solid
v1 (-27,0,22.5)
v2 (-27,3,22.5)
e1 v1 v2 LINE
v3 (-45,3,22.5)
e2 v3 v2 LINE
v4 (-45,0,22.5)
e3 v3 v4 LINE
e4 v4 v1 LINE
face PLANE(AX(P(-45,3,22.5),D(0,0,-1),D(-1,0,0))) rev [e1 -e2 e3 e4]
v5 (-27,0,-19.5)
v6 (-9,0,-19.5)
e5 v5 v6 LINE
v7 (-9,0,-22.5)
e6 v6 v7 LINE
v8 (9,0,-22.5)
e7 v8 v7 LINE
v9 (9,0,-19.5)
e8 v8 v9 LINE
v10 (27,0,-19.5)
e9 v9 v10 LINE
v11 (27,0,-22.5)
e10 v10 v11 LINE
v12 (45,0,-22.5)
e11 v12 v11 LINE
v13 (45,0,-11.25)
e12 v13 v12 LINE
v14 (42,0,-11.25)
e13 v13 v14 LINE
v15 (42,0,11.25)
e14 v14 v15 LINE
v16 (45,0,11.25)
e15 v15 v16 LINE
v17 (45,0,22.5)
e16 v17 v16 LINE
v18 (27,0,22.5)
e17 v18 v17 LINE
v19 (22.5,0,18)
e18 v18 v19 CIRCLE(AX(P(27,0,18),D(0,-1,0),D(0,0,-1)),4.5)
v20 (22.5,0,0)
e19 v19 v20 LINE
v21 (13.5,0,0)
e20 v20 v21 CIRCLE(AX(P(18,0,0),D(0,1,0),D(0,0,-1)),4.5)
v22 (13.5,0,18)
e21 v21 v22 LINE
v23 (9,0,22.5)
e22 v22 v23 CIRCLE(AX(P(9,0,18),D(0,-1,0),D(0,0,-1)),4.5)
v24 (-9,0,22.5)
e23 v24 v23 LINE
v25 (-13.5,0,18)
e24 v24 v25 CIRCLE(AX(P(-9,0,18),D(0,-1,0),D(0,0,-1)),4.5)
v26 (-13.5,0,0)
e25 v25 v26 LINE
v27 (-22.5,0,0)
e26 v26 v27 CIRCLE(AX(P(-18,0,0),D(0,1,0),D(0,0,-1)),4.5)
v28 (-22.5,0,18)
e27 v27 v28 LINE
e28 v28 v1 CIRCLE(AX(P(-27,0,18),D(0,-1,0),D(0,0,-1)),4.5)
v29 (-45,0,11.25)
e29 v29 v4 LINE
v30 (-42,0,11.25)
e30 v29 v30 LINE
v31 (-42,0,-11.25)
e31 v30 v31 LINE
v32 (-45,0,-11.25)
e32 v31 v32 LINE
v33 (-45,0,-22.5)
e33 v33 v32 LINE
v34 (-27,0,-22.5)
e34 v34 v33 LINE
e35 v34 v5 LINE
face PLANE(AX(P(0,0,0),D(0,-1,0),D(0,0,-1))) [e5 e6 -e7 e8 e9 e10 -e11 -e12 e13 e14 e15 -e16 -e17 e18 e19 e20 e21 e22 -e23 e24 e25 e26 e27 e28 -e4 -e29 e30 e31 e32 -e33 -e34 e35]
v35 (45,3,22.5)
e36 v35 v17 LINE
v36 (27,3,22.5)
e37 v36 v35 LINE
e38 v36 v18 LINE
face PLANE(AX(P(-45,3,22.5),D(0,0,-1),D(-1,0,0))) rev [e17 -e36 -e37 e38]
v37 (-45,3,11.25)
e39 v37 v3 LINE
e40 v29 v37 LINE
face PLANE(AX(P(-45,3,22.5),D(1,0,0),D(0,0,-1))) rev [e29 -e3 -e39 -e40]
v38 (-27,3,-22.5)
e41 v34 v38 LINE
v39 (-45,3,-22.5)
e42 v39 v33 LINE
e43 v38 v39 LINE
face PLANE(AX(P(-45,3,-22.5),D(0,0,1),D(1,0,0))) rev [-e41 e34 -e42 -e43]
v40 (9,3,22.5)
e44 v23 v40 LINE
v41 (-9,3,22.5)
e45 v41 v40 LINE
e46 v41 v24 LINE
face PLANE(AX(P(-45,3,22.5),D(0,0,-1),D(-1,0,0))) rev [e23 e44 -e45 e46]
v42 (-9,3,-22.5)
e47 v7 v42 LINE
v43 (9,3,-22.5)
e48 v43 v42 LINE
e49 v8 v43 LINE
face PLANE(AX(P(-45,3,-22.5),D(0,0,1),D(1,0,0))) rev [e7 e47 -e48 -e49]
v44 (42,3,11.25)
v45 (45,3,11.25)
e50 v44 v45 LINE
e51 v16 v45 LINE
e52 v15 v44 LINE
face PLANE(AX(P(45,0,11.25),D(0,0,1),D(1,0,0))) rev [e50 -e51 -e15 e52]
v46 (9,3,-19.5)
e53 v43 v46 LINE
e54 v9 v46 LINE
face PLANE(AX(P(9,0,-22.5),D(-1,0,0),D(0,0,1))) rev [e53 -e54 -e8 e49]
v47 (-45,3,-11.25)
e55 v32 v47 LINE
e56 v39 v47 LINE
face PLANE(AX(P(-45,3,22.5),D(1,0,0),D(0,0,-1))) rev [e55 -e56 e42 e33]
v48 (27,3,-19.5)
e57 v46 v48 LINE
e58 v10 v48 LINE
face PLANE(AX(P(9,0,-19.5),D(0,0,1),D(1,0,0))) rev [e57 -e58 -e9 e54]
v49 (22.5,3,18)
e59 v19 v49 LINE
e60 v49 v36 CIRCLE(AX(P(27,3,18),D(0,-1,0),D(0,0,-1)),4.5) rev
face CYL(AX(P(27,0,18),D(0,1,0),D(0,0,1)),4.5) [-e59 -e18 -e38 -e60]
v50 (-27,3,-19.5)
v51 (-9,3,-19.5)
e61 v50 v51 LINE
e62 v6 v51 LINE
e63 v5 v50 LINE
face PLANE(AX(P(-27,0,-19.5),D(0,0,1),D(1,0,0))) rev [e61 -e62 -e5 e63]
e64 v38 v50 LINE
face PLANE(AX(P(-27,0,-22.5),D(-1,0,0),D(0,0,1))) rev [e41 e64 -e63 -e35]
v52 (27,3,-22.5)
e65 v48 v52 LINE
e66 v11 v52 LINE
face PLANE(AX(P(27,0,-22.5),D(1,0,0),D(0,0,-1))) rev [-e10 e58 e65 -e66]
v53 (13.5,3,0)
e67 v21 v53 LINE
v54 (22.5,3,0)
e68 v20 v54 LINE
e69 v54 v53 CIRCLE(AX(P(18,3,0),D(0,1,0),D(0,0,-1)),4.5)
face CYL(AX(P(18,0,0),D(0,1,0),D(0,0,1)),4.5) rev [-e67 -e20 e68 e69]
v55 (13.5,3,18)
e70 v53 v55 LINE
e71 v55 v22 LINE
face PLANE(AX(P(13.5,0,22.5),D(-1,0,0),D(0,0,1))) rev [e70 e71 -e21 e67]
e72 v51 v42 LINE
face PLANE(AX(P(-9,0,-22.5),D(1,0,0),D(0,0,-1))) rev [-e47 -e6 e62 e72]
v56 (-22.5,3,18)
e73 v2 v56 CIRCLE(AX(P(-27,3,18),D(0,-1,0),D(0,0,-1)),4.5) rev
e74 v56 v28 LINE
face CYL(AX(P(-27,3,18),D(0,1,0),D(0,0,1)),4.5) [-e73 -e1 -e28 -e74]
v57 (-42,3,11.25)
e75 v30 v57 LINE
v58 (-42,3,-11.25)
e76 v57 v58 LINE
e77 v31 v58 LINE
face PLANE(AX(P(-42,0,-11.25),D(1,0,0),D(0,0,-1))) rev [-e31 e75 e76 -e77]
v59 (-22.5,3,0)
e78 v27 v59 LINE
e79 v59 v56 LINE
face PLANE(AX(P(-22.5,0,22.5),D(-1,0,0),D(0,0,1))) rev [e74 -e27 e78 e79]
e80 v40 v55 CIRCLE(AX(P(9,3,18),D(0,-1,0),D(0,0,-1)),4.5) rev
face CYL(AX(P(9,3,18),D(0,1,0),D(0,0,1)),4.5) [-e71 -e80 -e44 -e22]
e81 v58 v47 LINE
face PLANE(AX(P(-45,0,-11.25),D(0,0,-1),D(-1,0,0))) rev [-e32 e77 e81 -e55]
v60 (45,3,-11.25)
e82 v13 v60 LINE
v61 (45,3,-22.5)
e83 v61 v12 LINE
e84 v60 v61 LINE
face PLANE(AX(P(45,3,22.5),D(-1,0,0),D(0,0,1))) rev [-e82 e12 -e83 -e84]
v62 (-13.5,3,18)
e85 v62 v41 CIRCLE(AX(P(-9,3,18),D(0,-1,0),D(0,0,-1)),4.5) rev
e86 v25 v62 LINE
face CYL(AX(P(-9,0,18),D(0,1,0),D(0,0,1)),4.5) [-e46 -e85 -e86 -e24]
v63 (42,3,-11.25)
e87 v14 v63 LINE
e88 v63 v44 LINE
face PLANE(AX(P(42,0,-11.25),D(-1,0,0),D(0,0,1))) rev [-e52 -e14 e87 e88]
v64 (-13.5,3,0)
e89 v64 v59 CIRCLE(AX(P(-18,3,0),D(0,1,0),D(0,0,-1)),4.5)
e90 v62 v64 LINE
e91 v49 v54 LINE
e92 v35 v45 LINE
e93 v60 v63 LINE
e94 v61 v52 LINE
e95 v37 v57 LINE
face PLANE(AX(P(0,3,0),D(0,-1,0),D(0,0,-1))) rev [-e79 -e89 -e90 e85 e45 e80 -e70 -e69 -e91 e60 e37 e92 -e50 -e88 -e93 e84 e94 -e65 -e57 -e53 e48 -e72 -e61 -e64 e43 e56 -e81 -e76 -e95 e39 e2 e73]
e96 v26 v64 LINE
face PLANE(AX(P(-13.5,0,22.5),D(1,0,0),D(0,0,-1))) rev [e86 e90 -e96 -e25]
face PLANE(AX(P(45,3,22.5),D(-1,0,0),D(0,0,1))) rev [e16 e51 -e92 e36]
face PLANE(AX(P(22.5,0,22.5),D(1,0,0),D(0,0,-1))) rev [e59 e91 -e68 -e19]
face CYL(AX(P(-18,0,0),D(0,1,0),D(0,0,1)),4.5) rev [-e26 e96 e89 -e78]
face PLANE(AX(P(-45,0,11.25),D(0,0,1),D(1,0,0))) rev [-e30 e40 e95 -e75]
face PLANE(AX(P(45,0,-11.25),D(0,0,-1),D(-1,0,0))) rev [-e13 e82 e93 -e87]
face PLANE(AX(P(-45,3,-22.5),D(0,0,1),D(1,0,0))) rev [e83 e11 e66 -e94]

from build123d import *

# Parameters (mm, degrees)
SKETCH1_W           = 90
SKETCH1_H           = 45
BOSS_EXTRUDE1_DEPTH = 3
CUT_EXTRUDE1_DEPTH  = 3
FILLET1_R           = 4.5
SKETCH4_W           = 3
SKETCH4_H           = 22.5
SKETCH4_W_2         = 18
SKETCH4_H_2         = 3
CUT_EXTRUDE4_DEPTH  = 3


with BuildPart() as part:
    # Sketch1 → Boss-Extrude1 (new body)
    with BuildSketch(Plane(origin=(0, 0, 0), x_dir=(1, 0, 0), z_dir=(0, 1, 0))):
        Rectangle(SKETCH1_W, SKETCH1_H)
    extrude(amount=BOSS_EXTRUDE1_DEPTH)

    # Sketch2 → Cut-Extrude1 (cut)
    with BuildSketch(Plane(origin=(0, 3, 0), x_dir=(1, 0, 0), z_dir=(0, 1, 0))):
        with BuildLine():
            Line((-22.5, -22.5), (-13.5, -22.5))
            Line((-13.5, -22.5), (-13.5, 0))
            ThreePointArc((-13.5, 0), (-18, 4.5), (-22.5, 0))
            Line((-22.5, 0), (-22.5, -22.5))
        make_face()
        with BuildLine():
            Line((13.5, -22.5), (22.5, -22.5))
            Line((22.5, -22.5), (22.5, 0))
            ThreePointArc((22.5, 0), (18, 4.5), (13.5, 0))
            Line((13.5, 0), (13.5, -22.5))
        make_face()
    extrude(amount=-CUT_EXTRUDE1_DEPTH, mode=Mode.SUBTRACT)

    # Fillet1
    fillet1_edges = [part.edges().sort_by_distance(p)[0] for p in [
        (-22.5, 1.5, 22.5),
        (-13.5, 1.5, 22.5),
        (13.5, 1.5, 22.5),
        (22.5, 1.5, 22.5),
    ]]
    fillet(fillet1_edges, radius=FILLET1_R)

    # Sketch4 → Cut-Extrude4 (cut)
    with BuildSketch(Plane(origin=(0, 3, 0), x_dir=(1, 0, 0), z_dir=(0, 1, 0))):
        with Locations((-43.5, 0)):
            Rectangle(SKETCH4_W, SKETCH4_H)
        with Locations((-18, 21)):
            Rectangle(SKETCH4_W_2, SKETCH4_H_2)
        with Locations((18, 21)):
            Rectangle(SKETCH4_W_2, SKETCH4_H_2)
        with Locations((43.5, 0)):
            Rectangle(SKETCH4_W, SKETCH4_H)
    extrude(amount=-CUT_EXTRUDE4_DEPTH, mode=Mode.SUBTRACT)


solid = part.part
